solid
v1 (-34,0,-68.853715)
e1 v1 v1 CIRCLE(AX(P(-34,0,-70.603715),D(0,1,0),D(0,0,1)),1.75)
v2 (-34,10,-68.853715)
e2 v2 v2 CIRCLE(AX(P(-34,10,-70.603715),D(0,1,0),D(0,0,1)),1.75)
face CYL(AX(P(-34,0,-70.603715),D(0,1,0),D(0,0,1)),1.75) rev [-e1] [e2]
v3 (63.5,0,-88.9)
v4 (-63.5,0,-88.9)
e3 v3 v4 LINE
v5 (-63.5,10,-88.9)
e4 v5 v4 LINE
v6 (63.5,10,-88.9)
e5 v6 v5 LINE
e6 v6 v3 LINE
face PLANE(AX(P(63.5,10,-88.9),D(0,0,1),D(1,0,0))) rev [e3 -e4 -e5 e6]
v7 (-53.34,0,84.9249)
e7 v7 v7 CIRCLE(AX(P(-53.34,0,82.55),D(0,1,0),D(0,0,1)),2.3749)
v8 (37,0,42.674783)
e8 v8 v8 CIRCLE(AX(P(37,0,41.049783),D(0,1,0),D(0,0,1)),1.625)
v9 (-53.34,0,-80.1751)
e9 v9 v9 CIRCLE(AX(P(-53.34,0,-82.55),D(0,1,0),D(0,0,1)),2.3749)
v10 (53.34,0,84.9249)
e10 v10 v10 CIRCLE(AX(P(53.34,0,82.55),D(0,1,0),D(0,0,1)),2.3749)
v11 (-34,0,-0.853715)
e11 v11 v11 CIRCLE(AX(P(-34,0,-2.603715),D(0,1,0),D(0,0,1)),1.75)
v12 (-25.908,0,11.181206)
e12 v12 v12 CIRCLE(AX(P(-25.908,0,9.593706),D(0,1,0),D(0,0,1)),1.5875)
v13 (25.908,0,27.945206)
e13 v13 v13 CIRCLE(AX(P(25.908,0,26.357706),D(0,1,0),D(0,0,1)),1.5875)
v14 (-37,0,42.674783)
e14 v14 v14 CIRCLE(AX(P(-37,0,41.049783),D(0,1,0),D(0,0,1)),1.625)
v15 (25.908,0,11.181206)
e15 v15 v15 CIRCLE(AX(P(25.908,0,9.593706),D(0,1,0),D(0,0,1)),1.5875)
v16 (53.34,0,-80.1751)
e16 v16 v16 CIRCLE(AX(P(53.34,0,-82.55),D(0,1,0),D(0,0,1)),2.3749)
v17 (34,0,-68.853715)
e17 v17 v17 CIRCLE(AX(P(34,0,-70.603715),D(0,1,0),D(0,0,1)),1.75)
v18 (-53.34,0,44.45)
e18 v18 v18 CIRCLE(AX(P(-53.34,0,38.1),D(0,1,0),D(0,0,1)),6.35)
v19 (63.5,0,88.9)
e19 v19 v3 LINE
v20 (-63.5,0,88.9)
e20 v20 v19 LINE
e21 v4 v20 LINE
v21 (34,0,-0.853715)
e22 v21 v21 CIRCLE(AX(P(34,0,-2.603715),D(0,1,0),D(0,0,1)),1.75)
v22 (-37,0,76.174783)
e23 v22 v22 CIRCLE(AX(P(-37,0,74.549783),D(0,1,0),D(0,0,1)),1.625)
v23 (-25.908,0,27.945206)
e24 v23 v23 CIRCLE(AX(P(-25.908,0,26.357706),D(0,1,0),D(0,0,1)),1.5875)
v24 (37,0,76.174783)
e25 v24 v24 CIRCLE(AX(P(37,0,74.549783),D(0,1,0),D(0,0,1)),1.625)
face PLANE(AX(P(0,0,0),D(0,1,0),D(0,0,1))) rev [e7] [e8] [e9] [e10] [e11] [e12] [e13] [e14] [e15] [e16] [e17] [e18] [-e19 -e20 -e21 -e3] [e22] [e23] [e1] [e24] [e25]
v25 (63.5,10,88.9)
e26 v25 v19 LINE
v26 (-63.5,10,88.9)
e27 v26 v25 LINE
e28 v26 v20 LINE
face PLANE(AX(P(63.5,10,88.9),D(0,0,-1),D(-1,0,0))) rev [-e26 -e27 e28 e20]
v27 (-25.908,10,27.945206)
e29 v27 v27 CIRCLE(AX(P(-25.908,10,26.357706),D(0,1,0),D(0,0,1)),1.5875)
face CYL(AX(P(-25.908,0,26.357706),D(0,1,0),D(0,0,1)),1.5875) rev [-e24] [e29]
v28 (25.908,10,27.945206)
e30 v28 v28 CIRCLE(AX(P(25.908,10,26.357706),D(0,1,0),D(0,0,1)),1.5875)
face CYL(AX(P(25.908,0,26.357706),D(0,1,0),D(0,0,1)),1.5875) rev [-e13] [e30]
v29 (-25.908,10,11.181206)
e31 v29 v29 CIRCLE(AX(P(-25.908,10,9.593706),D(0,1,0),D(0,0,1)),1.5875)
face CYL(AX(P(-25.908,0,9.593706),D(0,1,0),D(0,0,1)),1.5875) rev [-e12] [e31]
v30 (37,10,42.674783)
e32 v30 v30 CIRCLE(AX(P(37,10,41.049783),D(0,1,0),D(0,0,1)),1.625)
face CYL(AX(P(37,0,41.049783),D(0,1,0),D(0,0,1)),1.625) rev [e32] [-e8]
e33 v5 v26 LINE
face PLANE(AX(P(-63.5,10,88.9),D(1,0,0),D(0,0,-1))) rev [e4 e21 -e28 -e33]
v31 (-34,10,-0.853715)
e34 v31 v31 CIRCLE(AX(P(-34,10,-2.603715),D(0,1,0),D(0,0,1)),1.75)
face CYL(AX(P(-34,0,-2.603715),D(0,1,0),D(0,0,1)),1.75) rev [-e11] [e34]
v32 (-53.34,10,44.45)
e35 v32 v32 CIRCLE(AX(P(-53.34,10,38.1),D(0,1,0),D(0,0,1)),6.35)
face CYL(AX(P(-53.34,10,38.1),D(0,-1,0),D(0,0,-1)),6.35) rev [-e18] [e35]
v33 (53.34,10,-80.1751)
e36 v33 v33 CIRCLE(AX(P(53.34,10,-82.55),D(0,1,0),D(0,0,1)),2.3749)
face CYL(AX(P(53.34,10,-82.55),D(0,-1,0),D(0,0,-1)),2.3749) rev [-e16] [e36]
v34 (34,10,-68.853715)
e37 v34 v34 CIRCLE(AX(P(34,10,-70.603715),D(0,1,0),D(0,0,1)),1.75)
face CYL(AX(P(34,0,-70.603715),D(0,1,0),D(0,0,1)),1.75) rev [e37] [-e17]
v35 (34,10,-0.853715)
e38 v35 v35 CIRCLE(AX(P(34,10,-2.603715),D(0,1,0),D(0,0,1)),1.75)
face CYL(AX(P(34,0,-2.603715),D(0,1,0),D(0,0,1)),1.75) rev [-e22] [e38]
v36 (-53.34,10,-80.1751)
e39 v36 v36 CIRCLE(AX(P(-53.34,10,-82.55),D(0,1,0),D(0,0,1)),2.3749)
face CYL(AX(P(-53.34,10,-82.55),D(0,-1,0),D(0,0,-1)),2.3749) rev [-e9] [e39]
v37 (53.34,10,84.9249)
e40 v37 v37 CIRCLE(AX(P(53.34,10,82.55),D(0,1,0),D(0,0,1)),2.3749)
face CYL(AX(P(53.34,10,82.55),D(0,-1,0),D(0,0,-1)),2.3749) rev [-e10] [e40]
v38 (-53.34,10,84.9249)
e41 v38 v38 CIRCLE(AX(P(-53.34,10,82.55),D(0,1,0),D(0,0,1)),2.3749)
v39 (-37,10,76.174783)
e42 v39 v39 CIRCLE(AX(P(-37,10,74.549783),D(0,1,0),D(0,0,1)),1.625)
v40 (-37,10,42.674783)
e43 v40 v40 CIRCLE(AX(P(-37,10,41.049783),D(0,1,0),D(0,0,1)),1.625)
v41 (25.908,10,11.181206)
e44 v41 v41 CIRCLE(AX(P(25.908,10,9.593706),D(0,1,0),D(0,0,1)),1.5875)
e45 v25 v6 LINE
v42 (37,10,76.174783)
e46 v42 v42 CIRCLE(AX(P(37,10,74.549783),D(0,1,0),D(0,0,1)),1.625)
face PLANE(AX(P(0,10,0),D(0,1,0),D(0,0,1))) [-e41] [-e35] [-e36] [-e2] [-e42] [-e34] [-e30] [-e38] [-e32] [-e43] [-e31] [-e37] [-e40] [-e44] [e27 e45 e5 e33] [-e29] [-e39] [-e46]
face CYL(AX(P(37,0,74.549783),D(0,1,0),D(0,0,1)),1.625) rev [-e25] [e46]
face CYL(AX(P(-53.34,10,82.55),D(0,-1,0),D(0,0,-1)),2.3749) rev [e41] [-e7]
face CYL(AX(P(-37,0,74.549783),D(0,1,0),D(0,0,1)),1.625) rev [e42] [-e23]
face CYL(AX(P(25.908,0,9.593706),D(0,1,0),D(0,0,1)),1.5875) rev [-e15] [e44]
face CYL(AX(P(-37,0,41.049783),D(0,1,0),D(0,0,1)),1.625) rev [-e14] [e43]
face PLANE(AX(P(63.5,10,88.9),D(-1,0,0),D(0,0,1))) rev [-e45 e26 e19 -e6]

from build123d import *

# Parameters (mm, degrees)
SKETCH1_W           = 127
SKETCH1_H           = 177.8
SKETCH1_R           = 2.3749
SKETCH1_R_2         = 6.35
BOSS_EXTRUDE1_DEPTH = 10
SKETCH8_R           = 1.625
BREADBOARD_DEPTH    = 10
SKETCH9_R           = 1.75
FPGA_DEPTH          = 10
SKETCH10_R          = 1.5875
F_8PUSH_BTN_DEPTH   = 10


with BuildPart() as part:
    # Sketch1 → Boss-Extrude1 (new body)
    with BuildSketch(Plane(origin=(0, 0, 0), x_dir=(1, 0, 0), z_dir=(0, 1, 0))):
        Rectangle(SKETCH1_W, SKETCH1_H)
        with Locations(Location((-53.34, 82.55, 0), (0, 0, 270))):  # turned: the seam where the file's is
            Circle(SKETCH1_R, mode=Mode.SUBTRACT)
        with Locations(Location((53.34, 82.55, 0), (0, 0, 270))):  # turned: the seam where the file's is
            Circle(SKETCH1_R, mode=Mode.SUBTRACT)
        with Locations(Location((53.34, -82.55, 0), (0, 0, 270))):  # turned: the seam where the file's is
            Circle(SKETCH1_R, mode=Mode.SUBTRACT)
        with Locations(Location((-53.34, -82.55, 0), (0, 0, 270))):  # turned: the seam where the file's is
            Circle(SKETCH1_R, mode=Mode.SUBTRACT)
        with Locations(Location((-53.34, -38.1, 0), (0, 0, 270))):  # turned: the seam where the file's is
            Circle(SKETCH1_R_2, mode=Mode.SUBTRACT)
    extrude(amount=BOSS_EXTRUDE1_DEPTH)

    # Sketch8 → Breadboard (cut)
    with BuildSketch(Plane(origin=(0, 10, 0), x_dir=(1, 0, 0), z_dir=(0, 1, 0))):
        with Locations(Location((37, -74.5497835, 0), (0, 0, 270))):  # turned: the seam where the file's is
            Circle(SKETCH8_R)
        with Locations(Location((-37, -74.5497835, 0), (0, 0, 270))):  # turned: the seam where the file's is
            Circle(SKETCH8_R)
        with Locations(Location((-37, -41.0497835, 0), (0, 0, 270))):  # turned: the seam where the file's is
            Circle(SKETCH8_R)
        with Locations(Location((37, -41.0497835, 0), (0, 0, 270))):  # turned: the seam where the file's is
            Circle(SKETCH8_R)
    extrude(amount=-BREADBOARD_DEPTH, mode=Mode.SUBTRACT)

    # Sketch9 → FPGA (cut)
    with BuildSketch(Plane(origin=(0, 10, 0), x_dir=(1, 0, 0), z_dir=(0, 1, 0))):
        with Locations(Location((-34, 70.603714811, 0), (0, 0, 270))):  # turned: the seam where the file's is
            Circle(SKETCH9_R)
        with Locations(Location((34, 70.603714811, 0), (0, 0, 270))):  # turned: the seam where the file's is
            Circle(SKETCH9_R)
        with Locations(Location((34, 2.603714811, 0), (0, 0, 270))):  # turned: the seam where the file's is
            Circle(SKETCH9_R)
        with Locations(Location((-34, 2.603714811, 0), (0, 0, 270))):  # turned: the seam where the file's is
            Circle(SKETCH9_R)
    extrude(amount=-FPGA_DEPTH, mode=Mode.SUBTRACT)

    # Sketch10 → 8Push_btn (cut)
    with BuildSketch(Plane(origin=(0, 10, 0), x_dir=(1, 0, 0), z_dir=(0, 1, 0))):
        with Locations(Location((-25.908, -9.593705545, 0), (0, 0, 270))):  # turned: the seam where the file's is
            Circle(SKETCH10_R)
        with Locations(Location((-25.908, -26.357705545, 0), (0, 0, 270))):  # turned: the seam where the file's is
            Circle(SKETCH10_R)
        with Locations(Location((25.908, -26.357705545, 0), (0, 0, 270))):  # turned: the seam where the file's is
            Circle(SKETCH10_R)
        with Locations(Location((25.908, -9.593705545, 0), (0, 0, 270))):  # turned: the seam where the file's is
            Circle(SKETCH10_R)
    extrude(amount=-F_8PUSH_BTN_DEPTH, mode=Mode.SUBTRACT)


solid = part.part
